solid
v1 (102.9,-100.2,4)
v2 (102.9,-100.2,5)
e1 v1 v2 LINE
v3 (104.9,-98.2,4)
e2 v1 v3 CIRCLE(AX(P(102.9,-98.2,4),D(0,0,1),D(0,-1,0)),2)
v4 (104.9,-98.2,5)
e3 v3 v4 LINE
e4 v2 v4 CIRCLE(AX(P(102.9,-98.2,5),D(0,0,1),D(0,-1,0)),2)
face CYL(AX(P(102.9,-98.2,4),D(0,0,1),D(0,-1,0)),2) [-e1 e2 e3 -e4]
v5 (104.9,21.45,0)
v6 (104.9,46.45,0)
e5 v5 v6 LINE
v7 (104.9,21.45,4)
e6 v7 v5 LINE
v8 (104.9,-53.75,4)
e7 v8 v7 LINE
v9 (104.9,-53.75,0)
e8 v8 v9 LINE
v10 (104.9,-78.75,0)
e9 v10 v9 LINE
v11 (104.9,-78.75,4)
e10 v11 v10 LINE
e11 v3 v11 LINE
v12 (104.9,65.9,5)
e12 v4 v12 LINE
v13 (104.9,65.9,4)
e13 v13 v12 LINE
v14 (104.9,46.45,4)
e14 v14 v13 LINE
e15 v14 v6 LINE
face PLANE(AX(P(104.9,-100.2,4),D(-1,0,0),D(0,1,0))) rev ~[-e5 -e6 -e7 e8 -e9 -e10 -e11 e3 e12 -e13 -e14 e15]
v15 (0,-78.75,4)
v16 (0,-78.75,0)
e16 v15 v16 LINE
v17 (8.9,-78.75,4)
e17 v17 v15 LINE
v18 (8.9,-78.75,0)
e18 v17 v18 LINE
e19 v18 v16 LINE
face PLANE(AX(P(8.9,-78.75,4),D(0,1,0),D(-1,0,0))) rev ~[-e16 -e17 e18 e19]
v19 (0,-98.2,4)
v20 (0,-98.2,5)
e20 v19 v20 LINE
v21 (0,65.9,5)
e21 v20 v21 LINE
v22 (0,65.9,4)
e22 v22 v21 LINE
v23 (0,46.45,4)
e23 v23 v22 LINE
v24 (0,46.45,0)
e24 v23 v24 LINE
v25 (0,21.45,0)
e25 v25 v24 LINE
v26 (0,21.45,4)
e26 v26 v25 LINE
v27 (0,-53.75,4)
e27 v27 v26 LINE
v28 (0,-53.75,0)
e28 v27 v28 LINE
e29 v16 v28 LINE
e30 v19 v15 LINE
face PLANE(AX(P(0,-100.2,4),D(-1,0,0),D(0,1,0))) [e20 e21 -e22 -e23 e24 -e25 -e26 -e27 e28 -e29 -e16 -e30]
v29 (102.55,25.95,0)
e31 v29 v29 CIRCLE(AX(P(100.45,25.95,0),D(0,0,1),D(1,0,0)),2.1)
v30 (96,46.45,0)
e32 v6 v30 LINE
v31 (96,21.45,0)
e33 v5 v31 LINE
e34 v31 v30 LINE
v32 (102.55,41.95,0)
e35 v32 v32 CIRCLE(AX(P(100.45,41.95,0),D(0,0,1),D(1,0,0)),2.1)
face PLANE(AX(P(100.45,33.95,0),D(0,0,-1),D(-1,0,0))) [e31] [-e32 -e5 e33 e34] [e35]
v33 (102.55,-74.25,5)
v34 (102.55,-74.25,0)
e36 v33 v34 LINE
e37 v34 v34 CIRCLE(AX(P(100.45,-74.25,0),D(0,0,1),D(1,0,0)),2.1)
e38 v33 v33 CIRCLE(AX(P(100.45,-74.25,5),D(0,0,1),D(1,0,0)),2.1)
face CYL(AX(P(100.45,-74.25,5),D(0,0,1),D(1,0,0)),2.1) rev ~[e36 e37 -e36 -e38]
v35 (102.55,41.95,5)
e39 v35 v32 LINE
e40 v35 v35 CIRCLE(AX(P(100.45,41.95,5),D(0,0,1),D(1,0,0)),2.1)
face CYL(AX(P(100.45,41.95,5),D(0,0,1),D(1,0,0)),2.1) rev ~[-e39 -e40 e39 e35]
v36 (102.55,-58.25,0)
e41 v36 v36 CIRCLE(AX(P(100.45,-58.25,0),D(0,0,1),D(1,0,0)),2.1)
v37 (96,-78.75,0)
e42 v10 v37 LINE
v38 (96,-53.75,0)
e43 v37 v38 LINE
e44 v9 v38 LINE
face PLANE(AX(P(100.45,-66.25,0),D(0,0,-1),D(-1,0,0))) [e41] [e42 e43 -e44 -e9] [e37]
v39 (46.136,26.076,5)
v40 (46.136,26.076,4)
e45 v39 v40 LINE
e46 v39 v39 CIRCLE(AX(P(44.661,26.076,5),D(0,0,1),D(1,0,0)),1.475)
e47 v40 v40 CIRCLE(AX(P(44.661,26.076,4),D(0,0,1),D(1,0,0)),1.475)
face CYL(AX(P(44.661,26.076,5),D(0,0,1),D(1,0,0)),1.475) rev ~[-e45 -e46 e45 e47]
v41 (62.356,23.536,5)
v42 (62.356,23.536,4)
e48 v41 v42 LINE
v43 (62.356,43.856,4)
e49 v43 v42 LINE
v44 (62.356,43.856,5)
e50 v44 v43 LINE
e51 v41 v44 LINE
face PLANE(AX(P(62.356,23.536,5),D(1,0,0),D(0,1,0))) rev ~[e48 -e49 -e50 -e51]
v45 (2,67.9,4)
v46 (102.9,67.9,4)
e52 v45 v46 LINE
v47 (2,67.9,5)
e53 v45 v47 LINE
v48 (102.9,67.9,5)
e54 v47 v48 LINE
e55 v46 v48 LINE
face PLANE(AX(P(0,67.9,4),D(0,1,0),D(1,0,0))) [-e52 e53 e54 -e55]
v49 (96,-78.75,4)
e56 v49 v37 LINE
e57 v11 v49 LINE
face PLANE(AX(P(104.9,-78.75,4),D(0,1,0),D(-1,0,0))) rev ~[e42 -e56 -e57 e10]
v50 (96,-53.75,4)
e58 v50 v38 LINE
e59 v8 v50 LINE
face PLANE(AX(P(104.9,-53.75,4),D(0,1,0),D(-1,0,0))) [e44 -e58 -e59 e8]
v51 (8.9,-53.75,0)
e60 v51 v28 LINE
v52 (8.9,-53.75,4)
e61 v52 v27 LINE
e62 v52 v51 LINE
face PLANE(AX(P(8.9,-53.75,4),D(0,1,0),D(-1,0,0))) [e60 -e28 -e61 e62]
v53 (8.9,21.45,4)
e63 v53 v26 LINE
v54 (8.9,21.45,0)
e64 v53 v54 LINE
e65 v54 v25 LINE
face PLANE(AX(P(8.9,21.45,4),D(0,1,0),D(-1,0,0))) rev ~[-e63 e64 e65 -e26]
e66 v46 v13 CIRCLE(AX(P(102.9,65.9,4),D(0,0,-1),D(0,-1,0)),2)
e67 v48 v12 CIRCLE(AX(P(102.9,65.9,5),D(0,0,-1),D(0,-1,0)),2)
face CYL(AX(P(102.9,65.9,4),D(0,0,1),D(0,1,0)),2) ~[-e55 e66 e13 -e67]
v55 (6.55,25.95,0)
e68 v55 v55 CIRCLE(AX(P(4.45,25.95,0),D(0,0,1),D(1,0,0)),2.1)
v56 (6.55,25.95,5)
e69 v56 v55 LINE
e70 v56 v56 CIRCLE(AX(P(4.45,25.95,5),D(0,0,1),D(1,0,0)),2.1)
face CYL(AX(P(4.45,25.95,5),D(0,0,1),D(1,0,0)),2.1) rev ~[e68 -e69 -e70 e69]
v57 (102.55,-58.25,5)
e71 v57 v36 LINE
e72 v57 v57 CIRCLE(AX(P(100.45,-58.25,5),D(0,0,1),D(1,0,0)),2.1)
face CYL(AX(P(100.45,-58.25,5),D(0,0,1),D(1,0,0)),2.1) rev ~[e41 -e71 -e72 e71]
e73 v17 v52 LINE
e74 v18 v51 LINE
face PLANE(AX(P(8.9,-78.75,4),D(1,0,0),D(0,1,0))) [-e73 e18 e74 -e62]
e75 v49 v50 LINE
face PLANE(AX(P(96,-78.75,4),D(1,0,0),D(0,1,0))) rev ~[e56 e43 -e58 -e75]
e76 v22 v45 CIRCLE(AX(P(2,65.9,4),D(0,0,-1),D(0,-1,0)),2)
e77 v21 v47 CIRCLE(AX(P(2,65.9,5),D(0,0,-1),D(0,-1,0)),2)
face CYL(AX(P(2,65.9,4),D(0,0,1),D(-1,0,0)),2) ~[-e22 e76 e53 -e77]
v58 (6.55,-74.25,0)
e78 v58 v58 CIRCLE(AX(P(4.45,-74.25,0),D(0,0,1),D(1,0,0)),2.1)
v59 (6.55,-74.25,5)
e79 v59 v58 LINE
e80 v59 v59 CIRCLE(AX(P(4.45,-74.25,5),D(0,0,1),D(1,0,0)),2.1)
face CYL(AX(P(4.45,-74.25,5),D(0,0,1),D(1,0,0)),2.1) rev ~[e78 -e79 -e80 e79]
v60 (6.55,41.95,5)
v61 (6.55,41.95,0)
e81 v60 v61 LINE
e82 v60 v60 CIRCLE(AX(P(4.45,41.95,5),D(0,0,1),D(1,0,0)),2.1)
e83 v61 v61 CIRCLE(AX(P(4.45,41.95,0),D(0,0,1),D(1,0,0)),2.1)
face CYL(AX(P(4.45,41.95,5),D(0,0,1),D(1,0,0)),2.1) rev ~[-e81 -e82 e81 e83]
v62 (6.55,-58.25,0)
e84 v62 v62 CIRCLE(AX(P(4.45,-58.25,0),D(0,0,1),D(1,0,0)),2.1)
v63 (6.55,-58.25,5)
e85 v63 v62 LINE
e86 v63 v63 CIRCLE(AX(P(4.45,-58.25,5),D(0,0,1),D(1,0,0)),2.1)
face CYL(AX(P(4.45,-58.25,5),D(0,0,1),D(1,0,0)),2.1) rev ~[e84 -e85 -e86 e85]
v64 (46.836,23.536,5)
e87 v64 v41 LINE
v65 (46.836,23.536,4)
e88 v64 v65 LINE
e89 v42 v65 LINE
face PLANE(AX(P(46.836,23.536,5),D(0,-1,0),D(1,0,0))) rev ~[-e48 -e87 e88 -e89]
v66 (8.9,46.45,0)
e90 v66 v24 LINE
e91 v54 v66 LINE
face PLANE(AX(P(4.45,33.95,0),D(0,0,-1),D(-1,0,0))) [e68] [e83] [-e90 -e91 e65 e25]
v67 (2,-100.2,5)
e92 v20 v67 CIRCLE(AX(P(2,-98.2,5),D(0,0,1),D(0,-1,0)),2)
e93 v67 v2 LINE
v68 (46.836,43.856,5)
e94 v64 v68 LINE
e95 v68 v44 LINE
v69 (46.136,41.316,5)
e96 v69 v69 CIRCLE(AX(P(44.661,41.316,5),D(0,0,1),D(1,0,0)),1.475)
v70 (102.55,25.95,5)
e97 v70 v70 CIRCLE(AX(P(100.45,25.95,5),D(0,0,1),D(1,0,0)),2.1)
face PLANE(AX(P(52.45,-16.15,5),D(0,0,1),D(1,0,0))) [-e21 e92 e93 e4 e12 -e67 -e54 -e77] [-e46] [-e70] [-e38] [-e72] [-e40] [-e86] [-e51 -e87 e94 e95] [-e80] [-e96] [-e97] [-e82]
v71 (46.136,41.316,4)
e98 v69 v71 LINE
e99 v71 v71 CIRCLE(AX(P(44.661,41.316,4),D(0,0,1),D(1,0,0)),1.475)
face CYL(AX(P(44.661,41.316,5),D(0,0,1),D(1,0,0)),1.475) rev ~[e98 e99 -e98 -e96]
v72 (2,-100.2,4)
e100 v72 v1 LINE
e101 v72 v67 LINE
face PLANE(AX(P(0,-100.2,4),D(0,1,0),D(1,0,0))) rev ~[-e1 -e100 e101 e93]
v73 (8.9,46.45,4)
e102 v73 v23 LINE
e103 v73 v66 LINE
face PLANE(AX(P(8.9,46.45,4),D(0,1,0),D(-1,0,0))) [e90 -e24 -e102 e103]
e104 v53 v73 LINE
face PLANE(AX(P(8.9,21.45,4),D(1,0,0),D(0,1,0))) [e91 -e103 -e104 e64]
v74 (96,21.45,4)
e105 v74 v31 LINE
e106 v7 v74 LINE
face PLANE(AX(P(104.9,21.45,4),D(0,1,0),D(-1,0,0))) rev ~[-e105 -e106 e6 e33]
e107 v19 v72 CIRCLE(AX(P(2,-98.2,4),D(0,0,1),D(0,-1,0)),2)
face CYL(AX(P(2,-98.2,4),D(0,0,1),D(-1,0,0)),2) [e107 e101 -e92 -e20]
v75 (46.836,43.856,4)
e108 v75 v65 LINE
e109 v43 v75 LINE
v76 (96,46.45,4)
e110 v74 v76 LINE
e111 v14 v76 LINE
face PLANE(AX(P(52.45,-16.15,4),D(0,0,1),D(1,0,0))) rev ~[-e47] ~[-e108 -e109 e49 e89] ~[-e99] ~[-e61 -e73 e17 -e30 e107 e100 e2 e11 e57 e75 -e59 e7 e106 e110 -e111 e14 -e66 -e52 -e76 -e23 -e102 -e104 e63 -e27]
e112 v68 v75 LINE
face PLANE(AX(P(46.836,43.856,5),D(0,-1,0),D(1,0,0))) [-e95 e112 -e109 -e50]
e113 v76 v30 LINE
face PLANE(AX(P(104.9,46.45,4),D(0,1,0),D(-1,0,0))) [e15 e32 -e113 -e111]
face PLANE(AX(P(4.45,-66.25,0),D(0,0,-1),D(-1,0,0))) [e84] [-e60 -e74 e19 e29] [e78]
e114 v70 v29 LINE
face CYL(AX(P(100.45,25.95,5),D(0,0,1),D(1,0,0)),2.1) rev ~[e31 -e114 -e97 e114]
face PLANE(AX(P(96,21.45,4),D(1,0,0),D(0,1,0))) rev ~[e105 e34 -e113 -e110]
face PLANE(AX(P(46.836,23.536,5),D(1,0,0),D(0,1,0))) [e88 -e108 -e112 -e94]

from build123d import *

# Parameters (mm, degrees)
BOSS_EXTRUDE1_START = 4
SKETCH1_W           = 104.9
SKETCH1_H           = 168.1
BOSS_EXTRUDE1_DEPTH = 1
SKETCH2_W           = 8.9
SKETCH2_H           = 25
BOSS_EXTRUDE2_DEPTH = 4
SKETCH5_R           = 2.1
CUT_EXTRUDE5_DEPTH  = 6
CUT_EXTRUDE3_REACH  = 7
SKETCH3_R           = 1.475
SKETCH3_W           = 15.52
SKETCH3_H           = 20.32
FILLET1_R           = 2


with BuildPart() as part:
    # Sketch1 → Boss-Extrude1 (new body)
    with BuildSketch(Plane.XY.offset(BOSS_EXTRUDE1_START)):
        with Locations((52.45, -16.15)):
            Rectangle(SKETCH1_W, SKETCH1_H)
    extrude(amount=BOSS_EXTRUDE1_DEPTH)

    # Sketch2 → Boss-Extrude2 (add)
    with BuildSketch(Plane(origin=(0, 0, 4), x_dir=(-1, 0, 0), z_dir=(0, 0, -1))):
        with Locations((-100.45, 33.95)):
            Rectangle(SKETCH2_W, SKETCH2_H)
        with Locations((-4.45, 33.95)):
            Rectangle(SKETCH2_W, SKETCH2_H)
        with Locations((-4.45, -66.25)):
            Rectangle(SKETCH2_W, SKETCH2_H)
        with Locations((-100.45, -66.25)):
            Rectangle(SKETCH2_W, SKETCH2_H)
    extrude(amount=BOSS_EXTRUDE2_DEPTH)

    # Sketch5 → Cut-Extrude5 (cut, through all)
    with BuildSketch(Plane.XY.offset(5)):
        with Locations((100.45, -74.25)):
            Circle(SKETCH5_R)
        with Locations((100.45, -58.25)):
            Circle(SKETCH5_R)
        with Locations((4.45, -74.25)):
            Circle(SKETCH5_R)
        with Locations((4.45, -58.25)):
            Circle(SKETCH5_R)
        with Locations((4.45, 25.95)):
            Circle(SKETCH5_R)
        with Locations((4.45, 41.95)):
            Circle(SKETCH5_R)
        with Locations((100.45, 25.95)):
            Circle(SKETCH5_R)
        with Locations((100.45, 41.95)):
            Circle(SKETCH5_R)
    extrude(amount=-CUT_EXTRUDE5_DEPTH, mode=Mode.SUBTRACT)

    # Sketch3 → Cut-Extrude3 (cut, up to next)
    with BuildSketch(Plane.XY.offset(5), mode=Mode.PRIVATE) as cut_extrude3_sk1:
        with Locations((44.661, 26.076)):
            Circle(SKETCH3_R)
    cut_extrude3_tool1 = extrude(cut_extrude3_sk1.sketch, amount=-CUT_EXTRUDE3_REACH, mode=Mode.PRIVATE) & part.part
    add(cut_extrude3_tool1.solids().sort_by_distance((44.661, 26.076, 5))[0], mode=Mode.SUBTRACT)
    # Sketch3 → Cut-Extrude3 (cut, up to next)
    with BuildSketch(Plane.XY.offset(5), mode=Mode.PRIVATE) as cut_extrude3_sk2:
        with Locations((44.661, 41.316)):
            Circle(SKETCH3_R)
    cut_extrude3_tool2 = extrude(cut_extrude3_sk2.sketch, amount=-CUT_EXTRUDE3_REACH, mode=Mode.PRIVATE) & part.part
    add(cut_extrude3_tool2.solids().sort_by_distance((44.661, 41.316, 5))[0], mode=Mode.SUBTRACT)
    # Sketch3 → Cut-Extrude3 (cut, up to next)
    with BuildSketch(Plane.XY.offset(5), mode=Mode.PRIVATE) as cut_extrude3_sk3:
        with Locations((54.596, 33.696)):
            Rectangle(SKETCH3_W, SKETCH3_H)
    cut_extrude3_tool3 = extrude(cut_extrude3_sk3.sketch, amount=-CUT_EXTRUDE3_REACH, mode=Mode.PRIVATE) & part.part
    add(cut_extrude3_tool3.solids().sort_by_distance((54.596, 33.696, 5))[0], mode=Mode.SUBTRACT)

    # Fillet1
    fillet1_edges = [part.edges().sort_by_distance(p)[0] for p in [
        (0, 67.9, 4.5),
        (104.9, 67.9, 4.5),
        (104.9, -100.2, 4.5),
        (0, -100.2, 4.5),
    ]]
    fillet(fillet1_edges, radius=FILLET1_R)


solid = part.part
